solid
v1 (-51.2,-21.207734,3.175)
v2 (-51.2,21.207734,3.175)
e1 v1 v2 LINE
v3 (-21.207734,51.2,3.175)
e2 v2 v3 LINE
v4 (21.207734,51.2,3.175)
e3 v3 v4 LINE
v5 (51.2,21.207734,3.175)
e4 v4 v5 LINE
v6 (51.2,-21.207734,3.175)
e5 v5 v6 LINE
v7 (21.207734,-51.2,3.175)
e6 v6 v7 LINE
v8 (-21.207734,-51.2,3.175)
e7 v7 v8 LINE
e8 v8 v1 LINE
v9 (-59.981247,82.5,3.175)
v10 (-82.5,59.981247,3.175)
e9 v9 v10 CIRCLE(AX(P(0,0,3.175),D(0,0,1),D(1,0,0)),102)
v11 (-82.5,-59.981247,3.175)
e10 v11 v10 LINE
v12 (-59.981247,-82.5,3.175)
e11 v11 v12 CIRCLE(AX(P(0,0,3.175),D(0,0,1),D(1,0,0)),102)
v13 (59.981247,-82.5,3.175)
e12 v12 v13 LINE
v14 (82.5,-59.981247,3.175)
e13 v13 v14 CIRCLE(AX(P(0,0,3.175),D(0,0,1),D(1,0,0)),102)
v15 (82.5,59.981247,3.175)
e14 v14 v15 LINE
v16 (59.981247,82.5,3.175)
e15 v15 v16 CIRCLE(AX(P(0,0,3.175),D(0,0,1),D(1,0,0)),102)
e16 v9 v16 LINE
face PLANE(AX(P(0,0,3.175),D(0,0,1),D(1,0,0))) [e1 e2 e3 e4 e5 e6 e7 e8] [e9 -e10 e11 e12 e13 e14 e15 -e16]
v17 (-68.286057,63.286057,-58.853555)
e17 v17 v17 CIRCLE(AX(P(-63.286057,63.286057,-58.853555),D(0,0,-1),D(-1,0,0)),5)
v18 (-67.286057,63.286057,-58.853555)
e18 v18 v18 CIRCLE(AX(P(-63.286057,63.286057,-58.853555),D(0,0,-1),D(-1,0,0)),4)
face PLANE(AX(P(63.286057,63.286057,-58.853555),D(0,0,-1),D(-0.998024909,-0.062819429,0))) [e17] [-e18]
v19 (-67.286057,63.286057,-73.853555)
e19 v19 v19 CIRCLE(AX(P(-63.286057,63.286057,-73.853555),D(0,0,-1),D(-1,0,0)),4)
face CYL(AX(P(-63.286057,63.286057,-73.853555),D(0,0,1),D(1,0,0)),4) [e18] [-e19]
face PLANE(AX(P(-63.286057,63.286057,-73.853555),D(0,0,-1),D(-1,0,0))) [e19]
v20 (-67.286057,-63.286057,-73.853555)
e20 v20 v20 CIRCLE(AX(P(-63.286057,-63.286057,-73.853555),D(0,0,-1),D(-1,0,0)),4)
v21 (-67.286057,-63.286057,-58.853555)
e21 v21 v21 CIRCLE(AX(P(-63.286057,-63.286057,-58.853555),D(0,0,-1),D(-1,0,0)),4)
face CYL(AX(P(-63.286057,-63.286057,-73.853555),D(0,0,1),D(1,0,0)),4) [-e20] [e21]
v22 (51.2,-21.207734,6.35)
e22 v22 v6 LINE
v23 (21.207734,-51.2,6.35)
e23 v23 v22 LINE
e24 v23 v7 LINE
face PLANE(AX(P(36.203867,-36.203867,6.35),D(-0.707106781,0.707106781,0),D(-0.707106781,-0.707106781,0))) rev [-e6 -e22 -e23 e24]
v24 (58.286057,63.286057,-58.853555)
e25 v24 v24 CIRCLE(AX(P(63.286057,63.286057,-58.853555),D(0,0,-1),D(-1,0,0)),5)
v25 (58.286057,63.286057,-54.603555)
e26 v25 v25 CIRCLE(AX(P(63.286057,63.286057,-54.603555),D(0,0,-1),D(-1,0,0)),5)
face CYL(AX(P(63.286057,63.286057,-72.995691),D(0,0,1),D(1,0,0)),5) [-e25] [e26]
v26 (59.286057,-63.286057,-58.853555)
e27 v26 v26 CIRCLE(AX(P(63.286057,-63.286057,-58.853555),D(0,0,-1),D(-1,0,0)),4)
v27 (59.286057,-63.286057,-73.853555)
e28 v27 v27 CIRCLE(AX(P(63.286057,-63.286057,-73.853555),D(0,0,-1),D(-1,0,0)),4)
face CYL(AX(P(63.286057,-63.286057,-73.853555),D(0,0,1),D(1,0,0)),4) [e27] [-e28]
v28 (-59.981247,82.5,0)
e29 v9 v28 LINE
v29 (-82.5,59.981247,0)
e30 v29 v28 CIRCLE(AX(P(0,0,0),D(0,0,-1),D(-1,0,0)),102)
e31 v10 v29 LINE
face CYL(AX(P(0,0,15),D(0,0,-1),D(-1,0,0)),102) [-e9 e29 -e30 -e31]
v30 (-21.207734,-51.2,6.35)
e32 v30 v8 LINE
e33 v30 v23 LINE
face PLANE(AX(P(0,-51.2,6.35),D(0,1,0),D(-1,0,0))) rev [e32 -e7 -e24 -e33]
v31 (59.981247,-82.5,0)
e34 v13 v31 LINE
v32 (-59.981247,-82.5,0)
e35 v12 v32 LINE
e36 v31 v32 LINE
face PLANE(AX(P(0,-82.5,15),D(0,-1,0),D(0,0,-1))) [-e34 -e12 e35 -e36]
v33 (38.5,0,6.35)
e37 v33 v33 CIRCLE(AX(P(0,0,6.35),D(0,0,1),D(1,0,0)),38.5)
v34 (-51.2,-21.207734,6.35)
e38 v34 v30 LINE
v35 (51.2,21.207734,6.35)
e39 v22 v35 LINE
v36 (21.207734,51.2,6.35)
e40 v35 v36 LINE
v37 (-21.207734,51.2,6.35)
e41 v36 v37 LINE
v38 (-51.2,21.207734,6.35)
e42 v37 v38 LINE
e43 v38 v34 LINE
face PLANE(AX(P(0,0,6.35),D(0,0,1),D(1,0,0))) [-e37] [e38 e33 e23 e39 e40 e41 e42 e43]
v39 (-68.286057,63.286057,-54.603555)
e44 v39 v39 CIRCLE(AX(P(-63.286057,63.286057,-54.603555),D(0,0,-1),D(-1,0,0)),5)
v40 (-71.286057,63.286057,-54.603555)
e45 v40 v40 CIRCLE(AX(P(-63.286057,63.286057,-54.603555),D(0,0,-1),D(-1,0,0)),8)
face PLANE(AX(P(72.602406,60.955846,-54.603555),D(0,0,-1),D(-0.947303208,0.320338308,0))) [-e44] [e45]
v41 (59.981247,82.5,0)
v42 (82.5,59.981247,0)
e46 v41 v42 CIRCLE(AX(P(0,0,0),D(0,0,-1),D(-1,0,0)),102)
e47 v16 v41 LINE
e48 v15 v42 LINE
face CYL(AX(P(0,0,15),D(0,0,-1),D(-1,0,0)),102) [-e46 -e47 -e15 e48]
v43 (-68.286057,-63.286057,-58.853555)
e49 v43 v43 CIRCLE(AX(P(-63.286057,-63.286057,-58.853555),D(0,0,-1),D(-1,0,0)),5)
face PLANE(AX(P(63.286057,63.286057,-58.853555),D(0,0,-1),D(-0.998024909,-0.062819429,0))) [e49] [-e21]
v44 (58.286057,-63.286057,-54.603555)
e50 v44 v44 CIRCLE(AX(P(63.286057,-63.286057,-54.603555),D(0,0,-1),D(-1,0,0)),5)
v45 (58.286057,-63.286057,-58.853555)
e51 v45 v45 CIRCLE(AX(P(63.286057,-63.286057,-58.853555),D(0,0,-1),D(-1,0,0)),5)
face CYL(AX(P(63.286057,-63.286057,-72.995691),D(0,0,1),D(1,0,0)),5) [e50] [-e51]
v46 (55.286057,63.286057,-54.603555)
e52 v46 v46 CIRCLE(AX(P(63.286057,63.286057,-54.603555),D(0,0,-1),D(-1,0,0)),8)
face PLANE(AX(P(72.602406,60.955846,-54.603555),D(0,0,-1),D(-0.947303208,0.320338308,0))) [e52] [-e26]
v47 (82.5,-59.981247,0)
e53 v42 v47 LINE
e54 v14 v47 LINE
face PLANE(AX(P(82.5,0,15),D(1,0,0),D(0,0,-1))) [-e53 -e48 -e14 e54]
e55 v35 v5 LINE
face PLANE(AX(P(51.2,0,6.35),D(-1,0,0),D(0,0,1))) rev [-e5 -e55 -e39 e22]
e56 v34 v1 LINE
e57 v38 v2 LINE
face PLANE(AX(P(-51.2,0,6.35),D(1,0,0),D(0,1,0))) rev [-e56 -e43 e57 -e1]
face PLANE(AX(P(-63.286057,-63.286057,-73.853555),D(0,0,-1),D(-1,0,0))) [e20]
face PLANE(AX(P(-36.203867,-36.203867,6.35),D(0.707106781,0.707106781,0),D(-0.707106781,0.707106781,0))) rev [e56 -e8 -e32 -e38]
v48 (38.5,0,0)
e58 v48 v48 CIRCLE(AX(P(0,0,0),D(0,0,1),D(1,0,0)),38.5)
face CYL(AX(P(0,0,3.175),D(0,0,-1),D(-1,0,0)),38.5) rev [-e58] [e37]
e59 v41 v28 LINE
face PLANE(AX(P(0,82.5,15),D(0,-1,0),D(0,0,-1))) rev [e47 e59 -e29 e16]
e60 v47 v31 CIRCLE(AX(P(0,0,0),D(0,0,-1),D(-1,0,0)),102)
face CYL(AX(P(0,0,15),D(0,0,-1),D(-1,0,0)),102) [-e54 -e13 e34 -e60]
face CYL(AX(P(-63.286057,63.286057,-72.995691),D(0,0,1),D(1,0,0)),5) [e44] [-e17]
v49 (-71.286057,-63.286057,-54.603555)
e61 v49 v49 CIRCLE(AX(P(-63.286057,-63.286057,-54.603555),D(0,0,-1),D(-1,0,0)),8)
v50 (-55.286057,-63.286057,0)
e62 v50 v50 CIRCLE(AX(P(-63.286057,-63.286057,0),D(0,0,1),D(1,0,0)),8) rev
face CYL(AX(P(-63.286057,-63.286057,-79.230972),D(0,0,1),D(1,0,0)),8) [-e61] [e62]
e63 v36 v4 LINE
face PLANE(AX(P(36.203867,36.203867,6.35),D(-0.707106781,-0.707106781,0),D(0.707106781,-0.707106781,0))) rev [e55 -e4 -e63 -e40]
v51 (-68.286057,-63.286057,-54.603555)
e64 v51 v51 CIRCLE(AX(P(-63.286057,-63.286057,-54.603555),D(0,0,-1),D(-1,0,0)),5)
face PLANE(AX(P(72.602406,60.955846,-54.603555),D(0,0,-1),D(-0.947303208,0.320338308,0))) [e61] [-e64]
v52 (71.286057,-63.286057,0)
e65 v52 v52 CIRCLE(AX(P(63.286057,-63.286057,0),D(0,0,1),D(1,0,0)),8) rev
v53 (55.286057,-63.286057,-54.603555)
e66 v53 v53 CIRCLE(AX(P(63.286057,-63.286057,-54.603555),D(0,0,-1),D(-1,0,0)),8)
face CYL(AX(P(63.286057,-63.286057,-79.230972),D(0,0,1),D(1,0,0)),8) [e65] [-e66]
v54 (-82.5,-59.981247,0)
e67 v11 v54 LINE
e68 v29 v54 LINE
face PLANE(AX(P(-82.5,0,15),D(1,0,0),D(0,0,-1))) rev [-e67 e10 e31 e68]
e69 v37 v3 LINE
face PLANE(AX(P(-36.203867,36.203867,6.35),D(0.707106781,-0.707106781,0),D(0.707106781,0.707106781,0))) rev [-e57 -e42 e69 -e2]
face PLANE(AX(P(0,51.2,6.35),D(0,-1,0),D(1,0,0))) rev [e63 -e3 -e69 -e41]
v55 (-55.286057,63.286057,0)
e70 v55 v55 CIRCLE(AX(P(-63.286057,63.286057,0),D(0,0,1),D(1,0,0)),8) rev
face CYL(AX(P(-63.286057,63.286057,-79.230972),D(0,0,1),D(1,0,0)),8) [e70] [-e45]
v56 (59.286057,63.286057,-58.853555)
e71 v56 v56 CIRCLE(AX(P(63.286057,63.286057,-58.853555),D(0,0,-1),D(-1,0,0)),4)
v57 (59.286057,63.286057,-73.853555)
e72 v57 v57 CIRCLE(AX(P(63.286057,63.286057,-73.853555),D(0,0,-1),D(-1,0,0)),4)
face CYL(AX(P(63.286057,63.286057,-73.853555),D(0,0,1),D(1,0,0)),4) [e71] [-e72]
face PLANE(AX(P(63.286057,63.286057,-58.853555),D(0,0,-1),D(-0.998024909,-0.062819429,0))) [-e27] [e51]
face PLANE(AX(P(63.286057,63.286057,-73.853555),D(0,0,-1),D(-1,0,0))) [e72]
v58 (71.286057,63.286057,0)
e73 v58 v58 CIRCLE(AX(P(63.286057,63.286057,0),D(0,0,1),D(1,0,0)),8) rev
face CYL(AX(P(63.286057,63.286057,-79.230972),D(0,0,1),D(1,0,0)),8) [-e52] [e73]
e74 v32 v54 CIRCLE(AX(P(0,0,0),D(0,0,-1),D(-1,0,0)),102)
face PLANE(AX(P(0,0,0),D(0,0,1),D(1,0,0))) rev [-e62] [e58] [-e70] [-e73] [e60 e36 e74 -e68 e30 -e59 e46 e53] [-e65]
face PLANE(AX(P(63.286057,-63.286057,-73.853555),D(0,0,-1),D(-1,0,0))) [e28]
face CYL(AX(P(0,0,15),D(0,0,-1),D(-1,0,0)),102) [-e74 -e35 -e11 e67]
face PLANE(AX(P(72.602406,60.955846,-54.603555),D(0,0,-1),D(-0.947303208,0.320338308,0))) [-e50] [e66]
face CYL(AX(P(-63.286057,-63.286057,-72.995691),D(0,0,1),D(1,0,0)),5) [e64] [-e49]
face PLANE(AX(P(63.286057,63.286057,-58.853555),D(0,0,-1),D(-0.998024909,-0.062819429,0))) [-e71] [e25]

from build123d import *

# Parameters (mm, degrees)
SKETCH1_W           = 203.947710216
SKETCH1_H           = 203.947710216
SKETCH1_R           = 38.5
BOSS_EXTRUDE1_DEPTH = 3.175
SKETCH1_3_R         = 38.5
BOSS_EXTRUDE2_DEPTH = 6.35
SKETCH2_R           = 8
BOSS_EXTRUDE3_DEPTH = 54.60355498
SKETCH3_R           = 5
BOSS_EXTRUDE4_DEPTH = 4.25
SKETCH4_R           = 4
BOSS_EXTRUDE5_DEPTH = 15
SKETCH6_W           = 203.947710216
SKETCH6_H           = 203.947710216
CUT_EXTRUDE1_DEPTH  = 15


with BuildPart() as part:
    # Sketch1 → Boss-Extrude1 (new body)
    with BuildSketch(Plane.XY):
        Rectangle(SKETCH1_W, SKETCH1_H)
        Polygon((51.2, 21.207734394), (21.207734394, 51.2), (-21.207734394, 51.2), (-51.2, 21.207734394), (-51.2, -21.207734394), (-21.207734394, -51.2), (21.207734394, -51.2), (51.2, -21.207734394), align=None, mode=Mode.SUBTRACT)
        Polygon((51.2, -21.207734394), (51.2, 21.207734394), (21.207734394, 51.2), (-21.207734394, 51.2), (-51.2, 21.207734394), (-51.2, -21.207734394), (-21.207734394, -51.2), (21.207734394, -51.2), align=None)
        Circle(SKETCH1_R, mode=Mode.SUBTRACT)
    extrude(amount=BOSS_EXTRUDE1_DEPTH)

    # Sketch1<3> → Boss-Extrude2 (add)
    with BuildSketch(Plane.XY):
        Polygon((51.2, -21.207734394), (51.2, 21.207734394), (21.207734394, 51.2), (-21.207734394, 51.2), (-51.2, 21.207734394), (-51.2, -21.207734394), (-21.207734394, -51.2), (21.207734394, -51.2), align=None)
        Circle(SKETCH1_3_R, mode=Mode.SUBTRACT)
    extrude(amount=BOSS_EXTRUDE2_DEPTH)

    # Sketch2 → Boss-Extrude3 (add)
    with BuildSketch(Plane(origin=(0, 0, 0), x_dir=(-1, 0, 0), z_dir=(0, 0, -1))):
        with Locations(Location((-63.286056916, 63.286056916, 0), (0, 0, 180))):
            Circle(SKETCH2_R)
    boss_extrude3 = extrude(amount=BOSS_EXTRUDE3_DEPTH)

    # Sketch3 → Boss-Extrude4 (add)
    with BuildSketch(Plane(origin=(0, 0, -54.60355498), x_dir=(-1, 0, 0), z_dir=(0, 0, -1))):
        with Locations((-63.286056916, 63.286056916)):
            Circle(SKETCH3_R)
    boss_extrude4 = extrude(amount=BOSS_EXTRUDE4_DEPTH)

    # Sketch4 → Boss-Extrude5 (add)
    with BuildSketch(Plane(origin=(0, 0, -58.85355498), x_dir=(-1, 0, 0), z_dir=(0, 0, -1))):
        with Locations((-63.286056916, 63.286056916)):
            Circle(SKETCH4_R)
    boss_extrude5 = extrude(amount=BOSS_EXTRUDE5_DEPTH)

    # Sketch-Pattern1: Boss-Extrude3, Boss-Extrude4, Boss-Extrude5 at 3 more places
    with Locations((-126.572114, 0, 0), (-126.572114, -126.572114, 0), (0, -126.572114, 0)):
        add(boss_extrude3)
        add(boss_extrude4)
        add(boss_extrude5)

    # Sketch6 → Cut-Extrude1 (cut)
    with BuildSketch(Plane(origin=(0, 0, 0), x_dir=(-1, 0, 0), z_dir=(0, 0, -1))):
        Rectangle(SKETCH6_W, SKETCH6_H)
        with BuildLine():
            ThreePointArc((-59.981247069, 82.5), (-72.124891681, 72.124891681), (-82.5, 59.981247069))
            Line((-82.5, 59.981247069), (-82.5, -59.981247069))
            ThreePointArc((-82.5, -59.981247069), (-72.124891681, -72.124891681), (-59.981247069, -82.5))
            Line((-59.981247069, -82.5), (59.981247069, -82.5))
            ThreePointArc((59.981247069, -82.5), (72.124891681, -72.124891681), (82.5, -59.981247069))
            Line((82.5, -59.981247069), (82.5, 59.981247069))
            ThreePointArc((82.5, 59.981247069), (72.124891681, 72.124891681), (59.981247069, 82.5))
            Line((59.981247069, 82.5), (-59.981247069, 82.5))
        make_face(mode=Mode.SUBTRACT)
    extrude(amount=-CUT_EXTRUDE1_DEPTH, mode=Mode.SUBTRACT)


solid = part.part
